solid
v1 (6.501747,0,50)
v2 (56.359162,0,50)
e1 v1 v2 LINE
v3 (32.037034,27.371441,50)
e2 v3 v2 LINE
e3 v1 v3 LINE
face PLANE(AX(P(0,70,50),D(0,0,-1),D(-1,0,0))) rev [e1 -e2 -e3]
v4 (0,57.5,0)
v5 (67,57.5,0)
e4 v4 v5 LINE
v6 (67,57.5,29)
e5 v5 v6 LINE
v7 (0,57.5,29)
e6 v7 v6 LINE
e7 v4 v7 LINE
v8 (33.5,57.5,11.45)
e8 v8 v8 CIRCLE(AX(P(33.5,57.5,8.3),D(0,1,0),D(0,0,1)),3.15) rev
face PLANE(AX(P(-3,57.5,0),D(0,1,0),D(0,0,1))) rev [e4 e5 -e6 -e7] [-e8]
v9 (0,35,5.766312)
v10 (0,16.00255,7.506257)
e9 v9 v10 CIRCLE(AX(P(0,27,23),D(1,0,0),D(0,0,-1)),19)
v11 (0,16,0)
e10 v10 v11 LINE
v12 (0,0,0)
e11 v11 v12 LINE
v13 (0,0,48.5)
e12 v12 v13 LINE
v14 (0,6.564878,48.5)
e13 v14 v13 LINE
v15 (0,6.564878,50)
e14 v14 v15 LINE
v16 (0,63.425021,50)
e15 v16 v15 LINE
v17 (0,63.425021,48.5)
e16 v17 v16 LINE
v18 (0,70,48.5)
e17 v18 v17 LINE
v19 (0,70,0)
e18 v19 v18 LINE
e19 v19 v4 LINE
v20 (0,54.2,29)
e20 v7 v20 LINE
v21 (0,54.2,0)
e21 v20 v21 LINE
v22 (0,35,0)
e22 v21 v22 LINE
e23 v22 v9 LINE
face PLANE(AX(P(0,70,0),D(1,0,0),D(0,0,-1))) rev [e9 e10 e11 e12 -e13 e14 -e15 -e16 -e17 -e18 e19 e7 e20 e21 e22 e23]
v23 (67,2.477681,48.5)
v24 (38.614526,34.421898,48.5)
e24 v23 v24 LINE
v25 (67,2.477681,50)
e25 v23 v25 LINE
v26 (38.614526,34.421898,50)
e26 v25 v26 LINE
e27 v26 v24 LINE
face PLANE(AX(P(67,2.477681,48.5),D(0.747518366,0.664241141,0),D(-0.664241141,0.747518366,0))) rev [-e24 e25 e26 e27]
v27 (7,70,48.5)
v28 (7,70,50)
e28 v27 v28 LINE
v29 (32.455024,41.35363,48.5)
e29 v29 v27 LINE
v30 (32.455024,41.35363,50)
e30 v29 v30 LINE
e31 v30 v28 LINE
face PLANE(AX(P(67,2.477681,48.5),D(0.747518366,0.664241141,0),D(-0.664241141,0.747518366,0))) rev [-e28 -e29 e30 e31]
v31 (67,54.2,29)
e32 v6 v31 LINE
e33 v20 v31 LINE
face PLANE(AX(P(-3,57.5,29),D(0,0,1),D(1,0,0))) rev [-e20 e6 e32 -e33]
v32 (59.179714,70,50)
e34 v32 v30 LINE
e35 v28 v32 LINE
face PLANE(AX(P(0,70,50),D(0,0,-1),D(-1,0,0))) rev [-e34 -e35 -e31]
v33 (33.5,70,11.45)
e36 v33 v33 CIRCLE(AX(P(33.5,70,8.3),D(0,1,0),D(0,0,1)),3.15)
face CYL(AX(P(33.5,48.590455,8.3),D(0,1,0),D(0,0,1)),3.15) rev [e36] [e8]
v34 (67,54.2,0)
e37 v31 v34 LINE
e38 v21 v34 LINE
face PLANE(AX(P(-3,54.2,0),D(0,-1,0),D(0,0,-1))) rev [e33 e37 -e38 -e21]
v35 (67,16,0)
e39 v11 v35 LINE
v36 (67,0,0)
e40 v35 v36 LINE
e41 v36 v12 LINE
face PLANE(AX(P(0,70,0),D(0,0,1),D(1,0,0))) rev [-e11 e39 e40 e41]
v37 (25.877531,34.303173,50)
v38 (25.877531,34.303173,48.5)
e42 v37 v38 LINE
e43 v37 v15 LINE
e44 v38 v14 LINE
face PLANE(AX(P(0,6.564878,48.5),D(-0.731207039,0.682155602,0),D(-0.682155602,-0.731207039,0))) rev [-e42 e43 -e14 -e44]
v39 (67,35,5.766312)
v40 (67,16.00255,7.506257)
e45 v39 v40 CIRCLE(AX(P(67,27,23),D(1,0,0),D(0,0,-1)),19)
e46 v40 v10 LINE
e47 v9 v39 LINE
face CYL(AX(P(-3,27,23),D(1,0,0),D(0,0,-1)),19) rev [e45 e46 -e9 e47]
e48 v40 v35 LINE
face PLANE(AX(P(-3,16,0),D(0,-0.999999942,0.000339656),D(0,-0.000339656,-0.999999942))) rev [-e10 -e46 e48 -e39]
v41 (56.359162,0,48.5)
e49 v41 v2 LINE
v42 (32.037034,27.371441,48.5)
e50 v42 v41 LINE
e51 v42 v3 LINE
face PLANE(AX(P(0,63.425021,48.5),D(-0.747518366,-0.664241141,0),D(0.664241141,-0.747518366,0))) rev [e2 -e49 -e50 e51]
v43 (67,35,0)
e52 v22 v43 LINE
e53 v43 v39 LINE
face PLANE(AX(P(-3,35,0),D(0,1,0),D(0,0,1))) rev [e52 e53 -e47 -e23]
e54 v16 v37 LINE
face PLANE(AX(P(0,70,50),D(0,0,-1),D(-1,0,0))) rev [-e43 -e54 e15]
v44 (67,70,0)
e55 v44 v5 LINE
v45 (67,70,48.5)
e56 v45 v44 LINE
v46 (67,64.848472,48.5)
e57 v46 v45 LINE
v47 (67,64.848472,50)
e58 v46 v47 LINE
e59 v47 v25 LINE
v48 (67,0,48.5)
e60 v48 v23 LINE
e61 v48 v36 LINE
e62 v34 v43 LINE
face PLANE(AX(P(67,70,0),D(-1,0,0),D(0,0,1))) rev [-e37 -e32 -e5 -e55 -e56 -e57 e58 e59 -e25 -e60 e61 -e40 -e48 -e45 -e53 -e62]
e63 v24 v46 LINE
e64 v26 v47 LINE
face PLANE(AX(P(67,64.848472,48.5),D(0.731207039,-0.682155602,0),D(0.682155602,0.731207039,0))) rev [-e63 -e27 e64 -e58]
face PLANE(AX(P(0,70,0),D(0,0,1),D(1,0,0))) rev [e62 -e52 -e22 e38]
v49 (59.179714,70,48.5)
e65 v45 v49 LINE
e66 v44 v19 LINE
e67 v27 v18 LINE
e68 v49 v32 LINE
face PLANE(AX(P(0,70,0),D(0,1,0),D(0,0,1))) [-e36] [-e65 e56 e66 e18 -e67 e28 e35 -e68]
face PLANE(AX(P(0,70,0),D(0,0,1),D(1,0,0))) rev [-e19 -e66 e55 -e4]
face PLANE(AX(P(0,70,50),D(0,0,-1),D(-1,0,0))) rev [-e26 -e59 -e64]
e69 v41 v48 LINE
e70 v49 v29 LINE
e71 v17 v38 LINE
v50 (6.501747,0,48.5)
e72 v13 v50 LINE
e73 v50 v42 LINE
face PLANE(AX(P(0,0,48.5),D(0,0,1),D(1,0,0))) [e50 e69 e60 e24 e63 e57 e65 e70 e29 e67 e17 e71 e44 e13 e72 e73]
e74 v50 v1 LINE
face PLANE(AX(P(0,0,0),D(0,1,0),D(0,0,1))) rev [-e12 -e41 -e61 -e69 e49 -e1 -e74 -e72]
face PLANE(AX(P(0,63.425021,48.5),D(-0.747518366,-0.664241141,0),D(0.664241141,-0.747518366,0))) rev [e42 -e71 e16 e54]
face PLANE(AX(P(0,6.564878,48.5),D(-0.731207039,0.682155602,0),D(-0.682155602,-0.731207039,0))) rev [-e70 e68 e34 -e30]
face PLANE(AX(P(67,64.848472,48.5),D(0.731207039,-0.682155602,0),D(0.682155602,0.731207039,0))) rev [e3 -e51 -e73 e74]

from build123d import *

# Parameters (mm, degrees)
SKETCH1_W           = 67
SKETCH1_H           = 50
BOSS_EXTRUDE1_DEPTH = 70
SKETCH2_R           = 19
CUT_EXTRUDE1_DEPTH  = 70
CUT_EXTRUDE2_DEPTH  = 70
SKETCH4_W           = 29
SKETCH4_H           = 3.3
CUT_EXTRUDE3_DEPTH  = 70
SKETCH5_R           = 3.15
CUT_EXTRUDE4_DEPTH  = 12.5
CUT_EXTRUDE6_DEPTH  = 1.5
CUT_EXTRUDE7_DEPTH  = 1.5


with BuildPart() as part:
    # Sketch1 → Boss-Extrude1 (new body)
    with BuildSketch(Plane(origin=(0, 0, 0), x_dir=(1, 0, 0), z_dir=(0, 1, 0))):
        with Locations((33.5, -25)):
            Rectangle(SKETCH1_W, SKETCH1_H)
    extrude(amount=BOSS_EXTRUDE1_DEPTH)

    # Sketch2 → Cut-Extrude1 (cut)
    with BuildSketch(Plane(origin=(67, 0, 0), x_dir=(0, 0, -1), z_dir=(1, 0, 0))):
        with Locations((-23, 27)):
            Circle(SKETCH2_R)
    extrude(amount=-CUT_EXTRUDE1_DEPTH, mode=Mode.SUBTRACT)

    # Sketch3 → Cut-Extrude2 (cut)
    with BuildSketch(Plane(origin=(67, 0, 0), x_dir=(0, 0, -1), z_dir=(1, 0, 0))):
        Polygon((0, 25.5), (0, 35), (-5.76631206, 35), (-4, 27), (-7.506256635, 16.002549544), (0, 16), align=None)
    extrude(amount=-CUT_EXTRUDE2_DEPTH, mode=Mode.SUBTRACT)

    # Sketch4 → Cut-Extrude3 (cut)
    with BuildSketch(Plane(origin=(67, 0, 0), x_dir=(0, 0, -1), z_dir=(1, 0, 0))):
        with Locations((-14.5, 55.85)):
            Rectangle(SKETCH4_W, SKETCH4_H)
    extrude(amount=-CUT_EXTRUDE3_DEPTH, mode=Mode.SUBTRACT)

    # Sketch5 → Cut-Extrude4 (cut)
    with BuildSketch(Plane(origin=(0, 70, 0), x_dir=(1, 0, 0), z_dir=(0, 1, 0))):
        with Locations(Location((33.5, -8.3, 0), (0, 0, 270))):
            Circle(SKETCH5_R)
    extrude(amount=-CUT_EXTRUDE4_DEPTH, mode=Mode.SUBTRACT)

    # Sketch6 → Cut-Extrude6 (cut)
    with BuildSketch(Plane.XY.offset(50)):
        Polygon((0, 63.425021167), (56.359161664, 0), (67, 0), (67, 2.477681398), (7, 70), (0, 70), align=None)
    extrude(amount=-CUT_EXTRUDE6_DEPTH, mode=Mode.SUBTRACT)

    # Sketch7 → Cut-Extrude7 (cut)
    with BuildSketch(Plane.XY.offset(50)):
        Polygon((0, 6.564878252), (59.179714273, 70), (67, 70), (67, 64.848472441), (6.501746598, 0), (0, 0), align=None)
    extrude(amount=-CUT_EXTRUDE7_DEPTH, mode=Mode.SUBTRACT)


solid = part.part
